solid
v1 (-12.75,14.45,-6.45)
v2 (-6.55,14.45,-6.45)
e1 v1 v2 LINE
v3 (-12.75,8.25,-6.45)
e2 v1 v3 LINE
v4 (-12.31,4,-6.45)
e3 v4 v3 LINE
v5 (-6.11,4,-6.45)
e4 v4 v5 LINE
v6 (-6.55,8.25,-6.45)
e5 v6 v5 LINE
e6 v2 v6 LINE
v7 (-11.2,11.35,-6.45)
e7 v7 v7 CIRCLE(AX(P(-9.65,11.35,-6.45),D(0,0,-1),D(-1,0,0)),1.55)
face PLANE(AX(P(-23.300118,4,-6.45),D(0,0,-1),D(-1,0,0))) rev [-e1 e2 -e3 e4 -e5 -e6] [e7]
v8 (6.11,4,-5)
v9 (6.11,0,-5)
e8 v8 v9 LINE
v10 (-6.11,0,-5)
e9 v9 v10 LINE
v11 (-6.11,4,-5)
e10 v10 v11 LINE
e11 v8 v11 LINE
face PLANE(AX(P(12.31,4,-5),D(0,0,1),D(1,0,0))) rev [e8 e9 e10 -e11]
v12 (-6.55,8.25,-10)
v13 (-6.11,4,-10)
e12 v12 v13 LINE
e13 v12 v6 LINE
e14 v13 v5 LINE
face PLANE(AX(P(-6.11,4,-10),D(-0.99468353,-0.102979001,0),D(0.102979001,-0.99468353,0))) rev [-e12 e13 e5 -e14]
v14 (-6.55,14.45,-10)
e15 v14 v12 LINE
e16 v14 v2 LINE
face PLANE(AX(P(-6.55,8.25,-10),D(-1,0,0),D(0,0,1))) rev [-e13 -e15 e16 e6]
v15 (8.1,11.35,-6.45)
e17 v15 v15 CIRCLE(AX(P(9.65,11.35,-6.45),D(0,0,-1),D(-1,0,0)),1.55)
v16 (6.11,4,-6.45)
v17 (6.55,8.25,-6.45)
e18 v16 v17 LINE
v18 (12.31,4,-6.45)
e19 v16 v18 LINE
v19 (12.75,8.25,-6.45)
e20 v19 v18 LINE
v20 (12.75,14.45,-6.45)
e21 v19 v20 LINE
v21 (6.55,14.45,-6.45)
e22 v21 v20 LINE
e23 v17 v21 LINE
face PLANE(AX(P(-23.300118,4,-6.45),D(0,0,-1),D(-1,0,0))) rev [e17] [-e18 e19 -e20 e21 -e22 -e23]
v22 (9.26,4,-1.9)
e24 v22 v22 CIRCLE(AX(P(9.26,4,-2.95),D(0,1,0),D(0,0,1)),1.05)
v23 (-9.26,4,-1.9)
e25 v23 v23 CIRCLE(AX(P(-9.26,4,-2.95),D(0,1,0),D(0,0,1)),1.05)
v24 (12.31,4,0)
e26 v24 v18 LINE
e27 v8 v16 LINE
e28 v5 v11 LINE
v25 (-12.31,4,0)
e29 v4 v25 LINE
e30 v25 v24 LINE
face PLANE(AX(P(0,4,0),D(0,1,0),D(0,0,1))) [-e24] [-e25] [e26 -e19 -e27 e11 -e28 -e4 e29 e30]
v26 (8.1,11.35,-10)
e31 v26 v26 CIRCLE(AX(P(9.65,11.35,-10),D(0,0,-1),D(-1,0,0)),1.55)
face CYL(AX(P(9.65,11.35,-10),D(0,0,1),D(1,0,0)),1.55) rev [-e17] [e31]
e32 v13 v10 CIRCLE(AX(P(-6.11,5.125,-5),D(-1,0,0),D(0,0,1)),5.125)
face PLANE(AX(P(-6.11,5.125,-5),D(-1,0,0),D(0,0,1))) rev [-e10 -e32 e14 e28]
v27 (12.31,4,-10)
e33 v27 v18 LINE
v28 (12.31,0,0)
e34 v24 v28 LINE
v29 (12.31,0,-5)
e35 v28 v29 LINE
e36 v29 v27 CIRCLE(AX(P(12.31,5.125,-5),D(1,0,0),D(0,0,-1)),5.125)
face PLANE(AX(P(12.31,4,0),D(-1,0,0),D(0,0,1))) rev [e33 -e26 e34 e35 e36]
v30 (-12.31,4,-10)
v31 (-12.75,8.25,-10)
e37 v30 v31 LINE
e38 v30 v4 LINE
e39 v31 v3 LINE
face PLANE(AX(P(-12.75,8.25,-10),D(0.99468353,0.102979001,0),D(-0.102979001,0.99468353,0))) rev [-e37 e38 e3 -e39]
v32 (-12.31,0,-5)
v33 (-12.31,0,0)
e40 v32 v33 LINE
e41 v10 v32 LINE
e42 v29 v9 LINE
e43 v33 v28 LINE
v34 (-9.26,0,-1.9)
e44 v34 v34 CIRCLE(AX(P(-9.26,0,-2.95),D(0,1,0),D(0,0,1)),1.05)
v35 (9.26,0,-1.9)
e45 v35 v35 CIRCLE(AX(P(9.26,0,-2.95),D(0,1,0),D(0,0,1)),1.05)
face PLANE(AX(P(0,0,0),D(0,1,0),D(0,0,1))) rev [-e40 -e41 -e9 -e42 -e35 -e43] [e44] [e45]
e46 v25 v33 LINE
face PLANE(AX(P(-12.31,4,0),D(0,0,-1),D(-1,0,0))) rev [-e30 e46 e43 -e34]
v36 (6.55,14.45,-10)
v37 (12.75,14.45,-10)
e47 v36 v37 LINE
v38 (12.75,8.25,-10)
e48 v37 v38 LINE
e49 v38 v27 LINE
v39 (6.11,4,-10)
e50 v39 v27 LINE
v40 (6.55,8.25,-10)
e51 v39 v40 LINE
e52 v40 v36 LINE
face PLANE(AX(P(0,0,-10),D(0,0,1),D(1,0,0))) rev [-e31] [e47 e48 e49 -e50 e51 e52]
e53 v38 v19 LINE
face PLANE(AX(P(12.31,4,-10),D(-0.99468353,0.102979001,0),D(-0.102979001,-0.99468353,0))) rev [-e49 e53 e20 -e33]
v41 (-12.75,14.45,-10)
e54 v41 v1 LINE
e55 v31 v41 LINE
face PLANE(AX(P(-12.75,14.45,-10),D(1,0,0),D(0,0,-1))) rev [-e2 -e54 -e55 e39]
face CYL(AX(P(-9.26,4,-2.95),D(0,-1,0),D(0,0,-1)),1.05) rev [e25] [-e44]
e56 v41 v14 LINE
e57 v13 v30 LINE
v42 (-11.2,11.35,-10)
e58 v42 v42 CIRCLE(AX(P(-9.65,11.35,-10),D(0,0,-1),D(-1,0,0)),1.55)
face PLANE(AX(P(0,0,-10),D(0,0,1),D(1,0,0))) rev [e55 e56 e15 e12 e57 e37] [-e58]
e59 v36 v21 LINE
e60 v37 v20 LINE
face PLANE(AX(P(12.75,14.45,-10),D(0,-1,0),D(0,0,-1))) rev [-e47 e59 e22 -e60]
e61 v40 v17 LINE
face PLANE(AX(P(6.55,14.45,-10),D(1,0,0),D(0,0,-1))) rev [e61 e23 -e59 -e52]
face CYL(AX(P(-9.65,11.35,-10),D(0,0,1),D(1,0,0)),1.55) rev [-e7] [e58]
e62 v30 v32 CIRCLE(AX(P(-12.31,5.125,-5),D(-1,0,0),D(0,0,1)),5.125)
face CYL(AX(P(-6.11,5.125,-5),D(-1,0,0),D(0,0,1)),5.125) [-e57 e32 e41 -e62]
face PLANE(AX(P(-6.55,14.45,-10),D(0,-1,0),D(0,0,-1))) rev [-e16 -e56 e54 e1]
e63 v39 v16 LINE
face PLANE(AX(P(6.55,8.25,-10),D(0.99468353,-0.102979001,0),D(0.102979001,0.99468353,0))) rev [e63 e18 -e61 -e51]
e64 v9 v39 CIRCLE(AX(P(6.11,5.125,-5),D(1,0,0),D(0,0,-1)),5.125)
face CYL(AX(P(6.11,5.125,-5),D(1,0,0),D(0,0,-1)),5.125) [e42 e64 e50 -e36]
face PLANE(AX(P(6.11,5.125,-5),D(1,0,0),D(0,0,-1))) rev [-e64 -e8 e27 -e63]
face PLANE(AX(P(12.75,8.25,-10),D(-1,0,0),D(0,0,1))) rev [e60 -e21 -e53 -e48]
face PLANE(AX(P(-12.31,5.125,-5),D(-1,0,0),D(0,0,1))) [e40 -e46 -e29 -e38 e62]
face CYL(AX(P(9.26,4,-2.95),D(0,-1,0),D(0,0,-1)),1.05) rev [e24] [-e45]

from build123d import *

# Parameters (mm, degrees)
SKETCH1_W             = 24.62
SKETCH1_H             = 5
SKETCH1_R             = 1.05
BOSS_EXTRUDE1_DEPTH   = 4
SKETCH2_R             = 1.55
BOSS_EXTRUDE2_DEPTH   = 5
BOSS_EXTRUDE2_2_DEPTH = 5
BOSS_EXTRUDE3_DEPTH   = 6.2
BOSS_EXTRUDE4_START   = -6.2
BOSS_EXTRUDE4_DEPTH   = 6.2
CUT_EXTRUDE1_REACH    = 32.969
SKETCH5_W             = 1.45
SKETCH5_H             = 10.45


with BuildPart() as part:
    # Sketch1 → Boss-Extrude1 (new body)
    with BuildSketch(Plane(origin=(0, 0, 0), x_dir=(1, 0, 0), z_dir=(0, 1, 0))):
        with Locations((0, 2.5)):
            Rectangle(SKETCH1_W, SKETCH1_H)
        with Locations(Location((-9.26, 2.95, 0), (0, 0, 270))):
            Circle(SKETCH1_R, mode=Mode.SUBTRACT)
        with Locations(Location((9.26, 2.95, 0), (0, 0, 270))):
            Circle(SKETCH1_R, mode=Mode.SUBTRACT)
    extrude(amount=BOSS_EXTRUDE1_DEPTH)



with BuildPart() as body_2:
    # Sketch2 → Boss-Extrude2 (new body)
    with BuildSketch(Plane(origin=(0, 0, -5), x_dir=(-1, 0, 0), z_dir=(0, 0, -1))):
        Polygon((-12.31, 4), (-12.75, 8.25), (-12.75, 14.45), (-6.55, 14.45), (-6.55, 8.25), (-6.11, 4), align=None)
        with Locations((-9.65, 11.35)):
            Circle(SKETCH2_R, mode=Mode.SUBTRACT)
    extrude(amount=BOSS_EXTRUDE2_DEPTH)


with BuildPart() as body_3:
    # Sketch2 → Boss-Extrude2 2 (new body)
    with BuildSketch(Plane(origin=(0, 0, -5), x_dir=(-1, 0, 0), z_dir=(0, 0, -1))):
        Polygon((6.11, 4), (6.55, 8.25), (6.55, 14.45), (12.75, 14.45), (12.75, 8.25), (12.31, 4), align=None)
        with Locations((9.65, 11.35)):
            Circle(SKETCH2_R, mode=Mode.SUBTRACT)
    extrude(amount=BOSS_EXTRUDE2_2_DEPTH)


with BuildPart() as part_1:
    add(part.part)

    add(body_2.part)  # Boss-Extrude3 merges body 2
    # Sketch6 → Boss-Extrude3 (add)
    with BuildSketch(Plane(origin=(12.31, 0, 0), x_dir=(0, 0, -1), z_dir=(1, 0, 0))):
        with BuildLine():
            Line((5, 0), (5, 4))
            Line((5, 4), (10, 4))
            ThreePointArc((10, 4), (8.201562119, 1.123047352), (5, 0))
        make_face()
    extrude(amount=-BOSS_EXTRUDE3_DEPTH)


    add(body_3.part)  # Boss-Extrude4 merges body 3
    # Sketch7 → Boss-Extrude4 (add)
    with BuildSketch(Plane.ZY.offset(12.31).offset(BOSS_EXTRUDE4_START)):
        with BuildLine():
            Line((-5, 4), (-5, 0))
            ThreePointArc((-5, 0), (-8.201562119, 1.123047352), (-10, 4))
            Line((-10, 4), (-5, 4))
        make_face()
    extrude(amount=BOSS_EXTRUDE4_DEPTH)

    # Cut-Extrude1: up to this face of the body (flat: up to its plane)
    cut_extrude1_end = Plane(part_1.part.faces().sort_by_distance((-12.75, 11.35, -7.5))[0])
    # Sketch5 → Cut-Extrude1 (cut, up to the picked face)
    with BuildSketch(Plane(origin=(12.75, 0, 0), x_dir=(0, 0, -1), z_dir=(1, 0, 0)), mode=Mode.PRIVATE) as cut_extrude1_sk1:
        with Locations((5.725, 9.225)):
            Rectangle(SKETCH5_W, SKETCH5_H)
    cut_extrude1_tool1 = split(extrude(cut_extrude1_sk1.sketch, amount=-CUT_EXTRUDE1_REACH, mode=Mode.PRIVATE), bisect_by=cut_extrude1_end, keep=Keep.BOTH, mode=Mode.PRIVATE)
    add(cut_extrude1_tool1.solids().sort_by(Axis((12.75, 9.225, -5.725), (-1, 0, 0)))[0], mode=Mode.SUBTRACT)


solid = part_1.part
